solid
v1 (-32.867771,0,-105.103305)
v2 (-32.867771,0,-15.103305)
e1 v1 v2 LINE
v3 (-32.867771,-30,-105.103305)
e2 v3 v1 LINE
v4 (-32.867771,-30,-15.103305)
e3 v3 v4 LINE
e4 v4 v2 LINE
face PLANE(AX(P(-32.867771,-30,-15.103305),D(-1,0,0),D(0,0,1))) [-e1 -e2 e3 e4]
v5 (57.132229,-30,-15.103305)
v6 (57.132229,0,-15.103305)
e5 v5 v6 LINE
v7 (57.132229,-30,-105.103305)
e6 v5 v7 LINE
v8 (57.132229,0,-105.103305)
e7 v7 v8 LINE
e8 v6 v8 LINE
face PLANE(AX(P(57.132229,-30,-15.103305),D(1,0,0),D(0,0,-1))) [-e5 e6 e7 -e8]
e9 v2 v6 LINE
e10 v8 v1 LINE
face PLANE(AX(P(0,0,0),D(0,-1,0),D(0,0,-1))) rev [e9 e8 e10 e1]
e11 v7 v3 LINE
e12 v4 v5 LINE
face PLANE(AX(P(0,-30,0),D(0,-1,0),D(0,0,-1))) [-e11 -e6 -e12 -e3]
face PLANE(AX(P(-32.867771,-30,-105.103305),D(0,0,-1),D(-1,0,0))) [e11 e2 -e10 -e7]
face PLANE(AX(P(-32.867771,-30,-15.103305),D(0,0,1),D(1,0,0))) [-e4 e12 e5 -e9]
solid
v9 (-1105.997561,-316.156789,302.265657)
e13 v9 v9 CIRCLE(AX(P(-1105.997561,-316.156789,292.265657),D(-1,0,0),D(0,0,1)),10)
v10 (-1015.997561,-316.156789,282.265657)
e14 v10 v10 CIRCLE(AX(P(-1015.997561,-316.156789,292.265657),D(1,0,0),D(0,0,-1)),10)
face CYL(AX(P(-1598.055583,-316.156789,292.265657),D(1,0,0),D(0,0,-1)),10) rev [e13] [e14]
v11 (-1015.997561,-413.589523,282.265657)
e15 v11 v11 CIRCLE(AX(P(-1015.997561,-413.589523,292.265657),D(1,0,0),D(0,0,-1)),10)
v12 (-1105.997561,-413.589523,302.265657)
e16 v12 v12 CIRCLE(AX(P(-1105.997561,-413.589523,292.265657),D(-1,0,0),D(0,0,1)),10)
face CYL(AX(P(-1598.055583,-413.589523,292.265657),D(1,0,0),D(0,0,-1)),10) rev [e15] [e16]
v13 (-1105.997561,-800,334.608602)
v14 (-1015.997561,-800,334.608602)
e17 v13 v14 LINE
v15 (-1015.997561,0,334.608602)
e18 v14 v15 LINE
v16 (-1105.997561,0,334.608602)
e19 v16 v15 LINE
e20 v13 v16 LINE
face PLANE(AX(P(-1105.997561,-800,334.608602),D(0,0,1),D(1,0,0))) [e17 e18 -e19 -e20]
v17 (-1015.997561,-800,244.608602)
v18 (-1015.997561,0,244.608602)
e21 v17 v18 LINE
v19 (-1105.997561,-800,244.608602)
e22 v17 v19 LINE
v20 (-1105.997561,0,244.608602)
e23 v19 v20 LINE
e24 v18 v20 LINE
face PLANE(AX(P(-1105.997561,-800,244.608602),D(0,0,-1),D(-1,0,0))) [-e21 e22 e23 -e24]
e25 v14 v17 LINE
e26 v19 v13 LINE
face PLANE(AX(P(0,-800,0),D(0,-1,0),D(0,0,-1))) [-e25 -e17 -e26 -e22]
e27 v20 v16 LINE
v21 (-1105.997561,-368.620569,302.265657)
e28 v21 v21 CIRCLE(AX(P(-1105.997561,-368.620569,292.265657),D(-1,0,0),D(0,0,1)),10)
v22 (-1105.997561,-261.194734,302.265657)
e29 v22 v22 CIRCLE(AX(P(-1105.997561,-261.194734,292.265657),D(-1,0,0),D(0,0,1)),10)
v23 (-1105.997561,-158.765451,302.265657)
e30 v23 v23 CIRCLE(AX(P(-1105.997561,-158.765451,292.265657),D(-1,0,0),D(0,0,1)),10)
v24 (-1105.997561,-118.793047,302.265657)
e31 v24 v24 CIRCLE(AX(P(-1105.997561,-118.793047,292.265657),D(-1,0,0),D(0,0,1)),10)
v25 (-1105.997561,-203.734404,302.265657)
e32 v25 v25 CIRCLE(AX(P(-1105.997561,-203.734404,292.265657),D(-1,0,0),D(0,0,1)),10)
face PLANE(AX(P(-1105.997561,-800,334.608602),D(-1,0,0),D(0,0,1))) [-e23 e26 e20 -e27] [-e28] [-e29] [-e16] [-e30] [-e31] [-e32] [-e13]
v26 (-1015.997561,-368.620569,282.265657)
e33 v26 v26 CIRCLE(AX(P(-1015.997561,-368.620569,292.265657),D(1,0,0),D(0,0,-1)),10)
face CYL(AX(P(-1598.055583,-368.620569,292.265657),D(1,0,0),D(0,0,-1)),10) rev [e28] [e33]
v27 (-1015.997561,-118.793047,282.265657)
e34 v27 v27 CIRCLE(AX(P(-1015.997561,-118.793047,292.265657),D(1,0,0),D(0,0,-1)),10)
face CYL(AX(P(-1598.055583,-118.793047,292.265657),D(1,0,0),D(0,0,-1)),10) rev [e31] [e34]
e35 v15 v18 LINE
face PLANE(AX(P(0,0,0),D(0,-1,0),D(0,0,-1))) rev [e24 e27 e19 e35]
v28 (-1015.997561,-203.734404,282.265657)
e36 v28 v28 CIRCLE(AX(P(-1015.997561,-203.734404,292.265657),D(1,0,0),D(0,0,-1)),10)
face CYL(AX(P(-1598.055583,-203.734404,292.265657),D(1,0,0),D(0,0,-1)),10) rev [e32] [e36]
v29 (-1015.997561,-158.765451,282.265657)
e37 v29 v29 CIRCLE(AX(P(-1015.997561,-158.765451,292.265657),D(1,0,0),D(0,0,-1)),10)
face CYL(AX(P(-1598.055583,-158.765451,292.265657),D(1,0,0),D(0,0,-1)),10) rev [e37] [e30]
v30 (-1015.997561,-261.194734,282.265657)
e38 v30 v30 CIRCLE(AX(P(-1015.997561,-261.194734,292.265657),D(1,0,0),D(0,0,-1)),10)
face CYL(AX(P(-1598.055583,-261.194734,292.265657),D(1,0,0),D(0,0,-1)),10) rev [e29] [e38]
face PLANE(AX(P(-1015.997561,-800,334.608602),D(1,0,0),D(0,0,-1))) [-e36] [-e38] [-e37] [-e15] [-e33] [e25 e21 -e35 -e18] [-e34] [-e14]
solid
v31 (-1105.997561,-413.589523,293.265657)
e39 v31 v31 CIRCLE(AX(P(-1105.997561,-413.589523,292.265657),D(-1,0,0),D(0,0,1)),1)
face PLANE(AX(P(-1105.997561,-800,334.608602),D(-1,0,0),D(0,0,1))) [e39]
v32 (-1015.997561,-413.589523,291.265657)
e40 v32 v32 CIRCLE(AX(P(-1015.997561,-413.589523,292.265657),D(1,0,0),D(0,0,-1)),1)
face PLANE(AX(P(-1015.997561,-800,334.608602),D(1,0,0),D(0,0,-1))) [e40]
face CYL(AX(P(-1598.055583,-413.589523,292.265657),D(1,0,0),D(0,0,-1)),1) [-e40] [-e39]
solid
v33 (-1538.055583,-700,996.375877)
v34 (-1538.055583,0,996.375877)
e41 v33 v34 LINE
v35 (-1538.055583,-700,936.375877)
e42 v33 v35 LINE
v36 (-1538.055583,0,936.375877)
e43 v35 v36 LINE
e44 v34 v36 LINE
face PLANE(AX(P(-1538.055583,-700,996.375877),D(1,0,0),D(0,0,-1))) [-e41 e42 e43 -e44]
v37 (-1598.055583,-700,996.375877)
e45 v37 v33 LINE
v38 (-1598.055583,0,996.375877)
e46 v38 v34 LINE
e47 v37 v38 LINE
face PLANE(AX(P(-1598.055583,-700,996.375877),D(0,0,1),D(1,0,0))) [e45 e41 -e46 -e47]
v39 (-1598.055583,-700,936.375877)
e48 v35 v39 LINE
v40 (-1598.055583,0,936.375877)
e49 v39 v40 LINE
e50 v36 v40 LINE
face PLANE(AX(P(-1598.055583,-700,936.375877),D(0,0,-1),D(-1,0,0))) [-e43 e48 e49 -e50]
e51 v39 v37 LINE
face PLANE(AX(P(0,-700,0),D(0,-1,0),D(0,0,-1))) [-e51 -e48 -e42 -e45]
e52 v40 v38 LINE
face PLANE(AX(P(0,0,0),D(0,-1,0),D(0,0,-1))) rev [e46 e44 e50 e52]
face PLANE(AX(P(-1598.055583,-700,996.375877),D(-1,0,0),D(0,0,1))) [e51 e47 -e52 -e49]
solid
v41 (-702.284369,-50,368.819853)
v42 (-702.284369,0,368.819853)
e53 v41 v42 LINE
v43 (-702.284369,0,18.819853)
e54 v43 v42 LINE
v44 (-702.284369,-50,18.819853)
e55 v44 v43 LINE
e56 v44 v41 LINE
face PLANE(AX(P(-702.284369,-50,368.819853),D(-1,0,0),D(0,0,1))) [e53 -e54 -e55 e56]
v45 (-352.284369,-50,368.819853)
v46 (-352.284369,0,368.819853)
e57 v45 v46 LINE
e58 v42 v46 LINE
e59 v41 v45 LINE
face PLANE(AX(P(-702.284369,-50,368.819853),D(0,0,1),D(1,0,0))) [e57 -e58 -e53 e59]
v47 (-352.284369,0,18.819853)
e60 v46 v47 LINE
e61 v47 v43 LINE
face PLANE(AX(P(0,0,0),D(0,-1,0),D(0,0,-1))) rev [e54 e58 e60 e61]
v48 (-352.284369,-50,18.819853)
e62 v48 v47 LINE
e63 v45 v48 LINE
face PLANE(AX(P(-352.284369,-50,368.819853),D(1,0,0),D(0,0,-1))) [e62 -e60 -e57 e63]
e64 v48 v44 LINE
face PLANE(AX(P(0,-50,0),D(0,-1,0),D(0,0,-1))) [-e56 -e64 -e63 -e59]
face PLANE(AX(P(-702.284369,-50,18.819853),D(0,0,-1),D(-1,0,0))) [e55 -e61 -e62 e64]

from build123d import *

# Parameters (mm, degrees)
SKETCH1_W           = 90
SKETCH1_H           = 90
BOSS_EXTRUDE2_DEPTH = 30
SKETCH2_W           = 350
SKETCH2_H           = 350
BOSS_EXTRUDE3_DEPTH = 50
SKETCH3_W           = 90
SKETCH3_H           = 90
BOSS_EXTRUDE4_DEPTH = 800
SKETCH5_W           = 60
SKETCH5_H           = 60
BOSS_EXTRUDE5_DEPTH = 700
SKETCH4_R           = 10
SKETCH4_R_2         = 1
CUT_EXTRUDE2_DEPTH  = 583.058021663


with BuildPart() as part:
    # Sketch1 → Boss-Extrude2 (new body)
    with BuildSketch(Plane(origin=(0, 0, 0), x_dir=(1, 0, 0), z_dir=(0, 1, 0))):
        with Locations((12.132228886, 60.103304997)):
            Rectangle(SKETCH1_W, SKETCH1_H)
    extrude(amount=-BOSS_EXTRUDE2_DEPTH)


with BuildPart() as body_2:
    # Sketch2 → Boss-Extrude3 (new body)
    with BuildSketch(Plane(origin=(0, 0, 0), x_dir=(1, 0, 0), z_dir=(0, 1, 0))):
        with Locations((-527.284369239, -193.819852957)):
            Rectangle(SKETCH2_W, SKETCH2_H)
    extrude(amount=-BOSS_EXTRUDE3_DEPTH)


with BuildPart() as body_3:
    # Sketch3 → Boss-Extrude4 (new body)
    with BuildSketch(Plane(origin=(0, 0, 0), x_dir=(1, 0, 0), z_dir=(0, 1, 0))):
        with Locations((-1060.997560956, -289.608602032)):
            Rectangle(SKETCH3_W, SKETCH3_H)
    extrude(amount=-BOSS_EXTRUDE4_DEPTH)

    # Sketch4 → Cut-Extrude2 (cut, through all)
    with BuildSketch(Plane(origin=(-1015.997560956, 0, 0), x_dir=(0, 0, -1), z_dir=(1, 0, 0))):
        with Locations((-292.26565685, -118.793047126)):
            Circle(SKETCH4_R)
        with Locations((-292.26565685, -158.765450593)):
            Circle(SKETCH4_R)
        with Locations((-292.26565685, -203.734404493)):
            Circle(SKETCH4_R)
        with Locations((-292.26565685, -261.194734476)):
            Circle(SKETCH4_R)
        with Locations((-292.26565685, -316.156789243)):
            Circle(SKETCH4_R)
        with Locations((-292.26565685, -368.620568793)):
            Circle(SKETCH4_R)
        with Locations((-292.26565685, -413.589522693)):
            Circle(SKETCH4_R)
        with Locations((-292.26565685, -413.589522693)):
            Circle(SKETCH4_R_2, mode=Mode.SUBTRACT)
    extrude(amount=-CUT_EXTRUDE2_DEPTH, mode=Mode.SUBTRACT)


with BuildPart() as body_4:
    # Sketch5 → Boss-Extrude5 (new body)
    with BuildSketch(Plane(origin=(0, 0, 0), x_dir=(1, 0, 0), z_dir=(0, 1, 0))):
        with Locations((-1568.055582619, -966.375876907)):
            Rectangle(SKETCH5_W, SKETCH5_H)
    extrude(amount=-BOSS_EXTRUDE5_DEPTH)


solid = Compound([part.part, body_2.part, body_3.part, body_4.part])
